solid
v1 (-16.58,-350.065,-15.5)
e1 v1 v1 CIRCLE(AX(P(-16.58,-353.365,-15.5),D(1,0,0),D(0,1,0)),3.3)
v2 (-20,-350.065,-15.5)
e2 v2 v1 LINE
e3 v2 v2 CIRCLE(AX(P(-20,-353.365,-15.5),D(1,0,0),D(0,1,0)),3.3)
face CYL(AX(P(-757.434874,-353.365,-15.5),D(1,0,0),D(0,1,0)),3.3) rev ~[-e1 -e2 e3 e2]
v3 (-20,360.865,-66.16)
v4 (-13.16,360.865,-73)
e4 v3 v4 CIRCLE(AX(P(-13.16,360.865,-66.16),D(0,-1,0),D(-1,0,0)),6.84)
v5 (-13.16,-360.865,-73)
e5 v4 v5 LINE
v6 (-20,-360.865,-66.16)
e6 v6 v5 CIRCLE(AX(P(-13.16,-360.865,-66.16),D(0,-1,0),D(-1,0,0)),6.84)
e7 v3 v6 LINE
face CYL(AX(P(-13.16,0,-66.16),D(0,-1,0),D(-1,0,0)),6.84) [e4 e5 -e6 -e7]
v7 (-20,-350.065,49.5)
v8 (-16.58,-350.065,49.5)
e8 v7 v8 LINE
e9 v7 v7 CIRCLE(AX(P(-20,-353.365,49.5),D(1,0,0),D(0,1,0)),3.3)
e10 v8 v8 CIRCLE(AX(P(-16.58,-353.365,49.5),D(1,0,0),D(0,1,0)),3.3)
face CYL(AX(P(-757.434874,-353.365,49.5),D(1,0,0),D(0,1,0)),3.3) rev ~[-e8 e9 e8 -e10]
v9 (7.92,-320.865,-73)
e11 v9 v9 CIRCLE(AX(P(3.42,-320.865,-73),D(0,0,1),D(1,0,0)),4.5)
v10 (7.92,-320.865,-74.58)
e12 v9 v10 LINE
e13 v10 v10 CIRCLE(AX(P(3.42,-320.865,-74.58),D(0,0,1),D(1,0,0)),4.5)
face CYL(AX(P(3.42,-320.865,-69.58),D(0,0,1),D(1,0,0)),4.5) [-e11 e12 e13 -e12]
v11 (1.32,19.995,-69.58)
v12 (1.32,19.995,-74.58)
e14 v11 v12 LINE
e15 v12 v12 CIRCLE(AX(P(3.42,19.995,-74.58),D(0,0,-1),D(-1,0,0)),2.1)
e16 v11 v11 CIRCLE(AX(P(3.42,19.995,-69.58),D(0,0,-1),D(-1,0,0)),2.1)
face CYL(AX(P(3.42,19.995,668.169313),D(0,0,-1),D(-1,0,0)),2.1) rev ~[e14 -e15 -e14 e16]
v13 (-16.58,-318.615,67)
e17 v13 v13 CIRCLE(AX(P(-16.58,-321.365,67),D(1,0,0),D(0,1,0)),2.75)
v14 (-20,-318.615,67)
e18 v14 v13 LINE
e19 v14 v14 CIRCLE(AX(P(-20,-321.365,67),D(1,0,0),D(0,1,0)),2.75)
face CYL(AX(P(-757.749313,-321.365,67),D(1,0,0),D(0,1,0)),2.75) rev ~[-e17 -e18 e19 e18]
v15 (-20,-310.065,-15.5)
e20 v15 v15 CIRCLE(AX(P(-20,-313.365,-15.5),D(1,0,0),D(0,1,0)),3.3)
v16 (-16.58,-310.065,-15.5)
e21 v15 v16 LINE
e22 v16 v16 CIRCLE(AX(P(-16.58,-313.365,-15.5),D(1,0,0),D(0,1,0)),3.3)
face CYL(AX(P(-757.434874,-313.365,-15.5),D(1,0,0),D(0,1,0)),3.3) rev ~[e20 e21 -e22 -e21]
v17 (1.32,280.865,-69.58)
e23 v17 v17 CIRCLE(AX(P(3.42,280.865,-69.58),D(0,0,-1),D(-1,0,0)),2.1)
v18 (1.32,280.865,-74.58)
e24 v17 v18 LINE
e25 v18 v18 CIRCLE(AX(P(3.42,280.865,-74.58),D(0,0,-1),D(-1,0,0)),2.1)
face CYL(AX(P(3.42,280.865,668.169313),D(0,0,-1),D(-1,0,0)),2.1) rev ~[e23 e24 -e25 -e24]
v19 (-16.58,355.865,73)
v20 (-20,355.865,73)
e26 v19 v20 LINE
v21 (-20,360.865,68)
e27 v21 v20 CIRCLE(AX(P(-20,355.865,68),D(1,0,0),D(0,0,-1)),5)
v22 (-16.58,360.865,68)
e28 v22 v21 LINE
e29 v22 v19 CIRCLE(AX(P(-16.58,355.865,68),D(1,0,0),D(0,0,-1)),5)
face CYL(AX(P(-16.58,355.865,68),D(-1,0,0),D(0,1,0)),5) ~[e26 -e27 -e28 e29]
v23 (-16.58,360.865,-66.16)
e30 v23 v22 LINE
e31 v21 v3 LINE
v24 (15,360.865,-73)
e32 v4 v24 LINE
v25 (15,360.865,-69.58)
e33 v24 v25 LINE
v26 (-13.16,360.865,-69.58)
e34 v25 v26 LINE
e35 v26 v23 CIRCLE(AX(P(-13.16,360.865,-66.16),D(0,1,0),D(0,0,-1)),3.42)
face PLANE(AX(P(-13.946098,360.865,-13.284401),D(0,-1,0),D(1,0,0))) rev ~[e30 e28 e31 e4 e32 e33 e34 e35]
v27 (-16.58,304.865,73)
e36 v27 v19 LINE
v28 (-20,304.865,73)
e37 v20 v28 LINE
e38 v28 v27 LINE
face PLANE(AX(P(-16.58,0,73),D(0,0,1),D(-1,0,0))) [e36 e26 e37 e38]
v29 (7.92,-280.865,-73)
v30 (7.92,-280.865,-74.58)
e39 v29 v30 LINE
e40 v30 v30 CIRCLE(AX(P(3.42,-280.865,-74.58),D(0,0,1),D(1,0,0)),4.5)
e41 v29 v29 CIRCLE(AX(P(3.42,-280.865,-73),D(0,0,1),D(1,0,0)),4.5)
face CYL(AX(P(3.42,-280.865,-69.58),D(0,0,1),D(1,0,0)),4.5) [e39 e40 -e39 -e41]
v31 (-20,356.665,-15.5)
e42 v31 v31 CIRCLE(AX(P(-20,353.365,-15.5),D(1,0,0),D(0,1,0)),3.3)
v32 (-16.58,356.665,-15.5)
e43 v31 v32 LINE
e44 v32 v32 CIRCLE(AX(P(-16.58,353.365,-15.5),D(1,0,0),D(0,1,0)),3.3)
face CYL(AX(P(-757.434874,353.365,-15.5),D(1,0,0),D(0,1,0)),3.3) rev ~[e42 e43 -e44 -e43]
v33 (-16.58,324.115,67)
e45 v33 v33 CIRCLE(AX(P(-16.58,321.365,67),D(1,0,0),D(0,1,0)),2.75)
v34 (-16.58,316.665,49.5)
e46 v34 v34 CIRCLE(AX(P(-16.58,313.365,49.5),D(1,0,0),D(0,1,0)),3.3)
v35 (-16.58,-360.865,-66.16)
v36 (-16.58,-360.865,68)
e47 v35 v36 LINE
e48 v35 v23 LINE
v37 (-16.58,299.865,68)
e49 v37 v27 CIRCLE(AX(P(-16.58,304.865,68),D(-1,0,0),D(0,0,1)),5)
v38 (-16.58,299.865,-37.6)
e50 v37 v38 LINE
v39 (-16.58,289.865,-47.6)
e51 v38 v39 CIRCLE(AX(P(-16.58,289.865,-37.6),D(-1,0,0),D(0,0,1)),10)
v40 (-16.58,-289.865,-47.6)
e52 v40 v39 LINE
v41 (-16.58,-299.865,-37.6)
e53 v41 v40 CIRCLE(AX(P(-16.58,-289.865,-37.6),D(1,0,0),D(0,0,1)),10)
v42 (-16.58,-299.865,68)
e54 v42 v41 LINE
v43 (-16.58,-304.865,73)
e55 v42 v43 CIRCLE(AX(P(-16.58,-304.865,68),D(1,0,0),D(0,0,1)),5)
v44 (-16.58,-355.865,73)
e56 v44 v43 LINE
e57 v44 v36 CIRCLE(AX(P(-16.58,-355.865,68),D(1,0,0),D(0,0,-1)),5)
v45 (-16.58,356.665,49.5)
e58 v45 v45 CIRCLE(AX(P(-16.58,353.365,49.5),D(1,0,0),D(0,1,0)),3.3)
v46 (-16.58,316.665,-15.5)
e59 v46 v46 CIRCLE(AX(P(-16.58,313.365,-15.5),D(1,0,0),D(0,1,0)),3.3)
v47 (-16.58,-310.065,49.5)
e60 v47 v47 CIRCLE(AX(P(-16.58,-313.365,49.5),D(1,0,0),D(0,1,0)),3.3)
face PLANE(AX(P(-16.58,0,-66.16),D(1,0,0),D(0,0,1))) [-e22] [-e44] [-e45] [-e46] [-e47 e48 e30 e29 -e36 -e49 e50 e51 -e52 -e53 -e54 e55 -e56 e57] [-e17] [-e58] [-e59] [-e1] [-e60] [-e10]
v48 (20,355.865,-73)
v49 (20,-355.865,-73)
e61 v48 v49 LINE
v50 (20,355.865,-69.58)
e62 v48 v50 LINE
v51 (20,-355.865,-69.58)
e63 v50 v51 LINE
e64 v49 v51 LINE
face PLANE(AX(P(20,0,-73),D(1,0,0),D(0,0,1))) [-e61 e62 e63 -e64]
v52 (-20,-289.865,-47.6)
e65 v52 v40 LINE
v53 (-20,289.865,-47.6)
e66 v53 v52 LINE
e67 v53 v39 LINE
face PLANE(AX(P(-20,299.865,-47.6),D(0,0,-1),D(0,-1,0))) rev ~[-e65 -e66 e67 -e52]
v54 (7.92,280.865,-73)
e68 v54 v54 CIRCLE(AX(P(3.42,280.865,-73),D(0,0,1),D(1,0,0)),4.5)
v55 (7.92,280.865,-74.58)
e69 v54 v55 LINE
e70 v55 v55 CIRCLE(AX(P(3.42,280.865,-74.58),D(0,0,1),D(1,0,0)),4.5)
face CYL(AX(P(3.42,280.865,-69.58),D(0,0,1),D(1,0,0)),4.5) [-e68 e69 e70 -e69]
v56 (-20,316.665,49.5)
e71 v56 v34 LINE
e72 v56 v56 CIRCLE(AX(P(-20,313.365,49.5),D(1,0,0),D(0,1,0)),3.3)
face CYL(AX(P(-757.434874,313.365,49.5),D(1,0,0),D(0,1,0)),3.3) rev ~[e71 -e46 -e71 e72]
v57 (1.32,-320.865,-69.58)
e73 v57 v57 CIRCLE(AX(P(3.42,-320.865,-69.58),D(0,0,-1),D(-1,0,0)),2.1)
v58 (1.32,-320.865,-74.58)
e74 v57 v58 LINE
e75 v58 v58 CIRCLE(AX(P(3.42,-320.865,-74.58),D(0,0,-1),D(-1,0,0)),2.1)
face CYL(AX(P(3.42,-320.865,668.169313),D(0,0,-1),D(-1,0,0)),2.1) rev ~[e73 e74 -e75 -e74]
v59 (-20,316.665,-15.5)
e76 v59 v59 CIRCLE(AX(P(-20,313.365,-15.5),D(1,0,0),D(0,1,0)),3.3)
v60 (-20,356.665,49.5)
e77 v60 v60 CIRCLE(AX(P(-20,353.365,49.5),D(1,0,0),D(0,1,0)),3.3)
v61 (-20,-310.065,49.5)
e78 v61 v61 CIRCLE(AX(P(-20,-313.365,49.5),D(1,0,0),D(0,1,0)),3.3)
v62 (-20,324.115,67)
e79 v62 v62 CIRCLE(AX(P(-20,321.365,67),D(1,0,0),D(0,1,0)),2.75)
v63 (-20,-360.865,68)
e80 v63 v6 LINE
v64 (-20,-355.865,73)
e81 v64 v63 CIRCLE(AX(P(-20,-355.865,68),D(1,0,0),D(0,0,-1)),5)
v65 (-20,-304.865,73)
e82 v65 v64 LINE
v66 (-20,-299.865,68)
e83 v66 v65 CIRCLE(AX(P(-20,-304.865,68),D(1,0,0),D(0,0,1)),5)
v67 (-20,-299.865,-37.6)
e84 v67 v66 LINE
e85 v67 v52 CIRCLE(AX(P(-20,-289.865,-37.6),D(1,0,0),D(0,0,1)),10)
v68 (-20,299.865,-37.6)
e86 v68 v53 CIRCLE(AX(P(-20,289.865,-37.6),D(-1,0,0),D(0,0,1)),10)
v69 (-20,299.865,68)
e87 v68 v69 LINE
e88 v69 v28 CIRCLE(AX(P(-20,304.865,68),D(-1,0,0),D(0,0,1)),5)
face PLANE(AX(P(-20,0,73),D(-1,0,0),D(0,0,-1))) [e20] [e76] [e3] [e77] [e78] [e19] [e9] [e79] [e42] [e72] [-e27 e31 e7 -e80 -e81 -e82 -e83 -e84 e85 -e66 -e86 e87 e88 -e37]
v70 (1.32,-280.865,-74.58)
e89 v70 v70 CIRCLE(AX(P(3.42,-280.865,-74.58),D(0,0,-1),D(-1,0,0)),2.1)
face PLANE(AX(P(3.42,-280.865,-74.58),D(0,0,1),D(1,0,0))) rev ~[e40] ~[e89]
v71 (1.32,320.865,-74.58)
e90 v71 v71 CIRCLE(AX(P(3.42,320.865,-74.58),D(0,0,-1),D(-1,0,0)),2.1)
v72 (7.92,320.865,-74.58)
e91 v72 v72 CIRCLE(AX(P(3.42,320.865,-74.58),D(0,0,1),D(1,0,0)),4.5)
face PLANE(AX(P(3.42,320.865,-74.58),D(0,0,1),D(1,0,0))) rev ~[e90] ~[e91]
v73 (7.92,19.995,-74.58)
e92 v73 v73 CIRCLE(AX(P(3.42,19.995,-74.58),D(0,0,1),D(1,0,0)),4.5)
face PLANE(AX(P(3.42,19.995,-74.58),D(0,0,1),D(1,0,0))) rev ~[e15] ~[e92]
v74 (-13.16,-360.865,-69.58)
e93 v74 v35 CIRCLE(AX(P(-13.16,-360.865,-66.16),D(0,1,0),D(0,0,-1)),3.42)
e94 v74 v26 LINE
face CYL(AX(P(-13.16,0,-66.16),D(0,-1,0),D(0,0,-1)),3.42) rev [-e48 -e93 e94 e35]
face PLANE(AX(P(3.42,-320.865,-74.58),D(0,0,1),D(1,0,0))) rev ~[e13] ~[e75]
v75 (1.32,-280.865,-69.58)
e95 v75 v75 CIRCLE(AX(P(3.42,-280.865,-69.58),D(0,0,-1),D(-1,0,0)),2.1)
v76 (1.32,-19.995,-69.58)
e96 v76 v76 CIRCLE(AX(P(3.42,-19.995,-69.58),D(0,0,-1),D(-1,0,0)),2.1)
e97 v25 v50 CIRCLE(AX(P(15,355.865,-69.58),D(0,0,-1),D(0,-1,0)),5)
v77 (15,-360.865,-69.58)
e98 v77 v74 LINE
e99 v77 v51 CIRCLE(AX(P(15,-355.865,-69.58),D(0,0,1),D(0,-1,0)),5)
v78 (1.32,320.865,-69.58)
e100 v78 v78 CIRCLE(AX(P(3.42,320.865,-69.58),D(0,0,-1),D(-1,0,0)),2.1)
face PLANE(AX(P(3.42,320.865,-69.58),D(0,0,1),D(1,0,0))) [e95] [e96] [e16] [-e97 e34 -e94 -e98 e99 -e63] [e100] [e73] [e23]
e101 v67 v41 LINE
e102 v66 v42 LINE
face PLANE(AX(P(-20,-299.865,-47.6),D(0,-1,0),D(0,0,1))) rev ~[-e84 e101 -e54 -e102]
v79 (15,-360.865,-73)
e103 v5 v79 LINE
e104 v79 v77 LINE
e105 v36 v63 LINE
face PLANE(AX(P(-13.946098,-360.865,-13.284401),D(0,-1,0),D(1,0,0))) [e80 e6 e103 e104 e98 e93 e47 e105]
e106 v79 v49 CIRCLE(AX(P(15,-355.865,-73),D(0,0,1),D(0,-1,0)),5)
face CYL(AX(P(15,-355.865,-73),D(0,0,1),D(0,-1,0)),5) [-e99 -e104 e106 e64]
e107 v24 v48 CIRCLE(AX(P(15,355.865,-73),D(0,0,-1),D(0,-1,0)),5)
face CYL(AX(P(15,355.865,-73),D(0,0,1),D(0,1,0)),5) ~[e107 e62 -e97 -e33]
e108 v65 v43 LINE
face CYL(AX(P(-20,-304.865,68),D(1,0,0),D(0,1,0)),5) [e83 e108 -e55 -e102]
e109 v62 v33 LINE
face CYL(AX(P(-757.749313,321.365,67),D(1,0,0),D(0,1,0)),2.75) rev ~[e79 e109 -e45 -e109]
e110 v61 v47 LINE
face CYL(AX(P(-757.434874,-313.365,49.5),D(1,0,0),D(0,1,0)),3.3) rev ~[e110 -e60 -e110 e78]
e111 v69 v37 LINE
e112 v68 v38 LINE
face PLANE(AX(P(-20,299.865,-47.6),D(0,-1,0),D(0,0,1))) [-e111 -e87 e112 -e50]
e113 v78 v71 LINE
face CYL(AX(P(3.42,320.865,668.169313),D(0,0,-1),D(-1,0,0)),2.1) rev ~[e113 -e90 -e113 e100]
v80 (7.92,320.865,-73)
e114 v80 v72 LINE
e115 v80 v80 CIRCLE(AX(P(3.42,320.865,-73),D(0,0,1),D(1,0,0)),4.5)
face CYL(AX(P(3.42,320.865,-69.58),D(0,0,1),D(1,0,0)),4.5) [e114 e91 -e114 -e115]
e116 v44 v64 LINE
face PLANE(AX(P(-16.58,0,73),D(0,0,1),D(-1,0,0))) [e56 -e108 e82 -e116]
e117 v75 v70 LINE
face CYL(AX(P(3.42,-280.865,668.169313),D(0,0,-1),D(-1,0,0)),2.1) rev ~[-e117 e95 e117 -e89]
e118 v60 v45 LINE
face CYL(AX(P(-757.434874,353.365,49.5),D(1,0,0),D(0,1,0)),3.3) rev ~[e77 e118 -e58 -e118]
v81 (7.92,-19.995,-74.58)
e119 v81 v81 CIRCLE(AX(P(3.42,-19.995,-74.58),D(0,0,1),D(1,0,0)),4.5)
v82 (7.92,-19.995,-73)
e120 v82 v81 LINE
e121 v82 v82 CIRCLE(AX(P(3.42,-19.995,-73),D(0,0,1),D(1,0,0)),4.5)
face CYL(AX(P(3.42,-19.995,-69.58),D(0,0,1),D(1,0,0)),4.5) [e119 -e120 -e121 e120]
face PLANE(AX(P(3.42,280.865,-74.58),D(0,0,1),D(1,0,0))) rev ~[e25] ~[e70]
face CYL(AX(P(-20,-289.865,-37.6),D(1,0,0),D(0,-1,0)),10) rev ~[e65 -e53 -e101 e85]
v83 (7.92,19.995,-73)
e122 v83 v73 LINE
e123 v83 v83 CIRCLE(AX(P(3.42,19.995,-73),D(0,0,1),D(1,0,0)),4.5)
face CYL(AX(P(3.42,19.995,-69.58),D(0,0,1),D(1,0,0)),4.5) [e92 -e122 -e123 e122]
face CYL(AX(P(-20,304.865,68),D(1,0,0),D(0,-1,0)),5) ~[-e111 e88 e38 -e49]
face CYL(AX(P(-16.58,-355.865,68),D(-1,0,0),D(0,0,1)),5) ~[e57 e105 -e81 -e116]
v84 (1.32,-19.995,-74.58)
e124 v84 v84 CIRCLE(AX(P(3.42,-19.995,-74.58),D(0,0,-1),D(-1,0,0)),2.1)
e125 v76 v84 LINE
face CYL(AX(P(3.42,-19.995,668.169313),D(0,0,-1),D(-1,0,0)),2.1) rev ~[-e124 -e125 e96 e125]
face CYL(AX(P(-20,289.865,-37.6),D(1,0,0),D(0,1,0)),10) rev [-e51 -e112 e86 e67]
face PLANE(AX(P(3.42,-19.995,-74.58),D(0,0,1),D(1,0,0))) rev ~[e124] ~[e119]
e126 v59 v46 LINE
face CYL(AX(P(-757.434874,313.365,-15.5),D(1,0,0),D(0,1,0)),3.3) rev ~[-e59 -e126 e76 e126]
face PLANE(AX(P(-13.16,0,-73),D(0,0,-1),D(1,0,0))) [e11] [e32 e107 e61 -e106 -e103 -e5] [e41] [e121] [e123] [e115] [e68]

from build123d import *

# Parameters (mm, degrees)
F1_DEPTH = 360.865
F2_W     = 599.73
F2_H     = 120.6
F3_DEPTH = 40.001
F4_R     = 10
F5_R     = 5
F7_D     = 6.6
F8_R     = 4.5
F9_DEPTH = 5
F10_D    = 4.2
F12_D    = 5.5


with BuildPart() as f1:
    # F0 (on Front) → F1 (new body, symmetric)
    with BuildSketch(Plane.XZ):
        with BuildLine():
            Line((-16.58, 73), (-20, 73))
            Line((-20, 73), (-20, -66.16))
            ThreePointArc((-20, -66.16), (-17.9966103833, -70.9966103833), (-13.16, -73))
            Line((-13.16, -73), (20, -73))
            Line((20, -73), (20, -69.58))
            Line((20, -69.58), (-13.16, -69.58))
            ThreePointArc((-13.16, -69.58), (-15.5783051917, -68.5783051917), (-16.58, -66.16))
            Line((-16.58, -66.16), (-16.58, 73))
        make_face()
    extrude(amount=F1_DEPTH, both=True)

    # F2 (on face) → F3 (cut, through all)
    with BuildSketch(Plane(origin=(-20, 0, 0), x_dir=(0, -1, 0), z_dir=(-1, 0, 0))):
        with Locations((0, 12.7)):
            Rectangle(F2_W, F2_H)
    extrude(amount=-F3_DEPTH, mode=Mode.SUBTRACT)

    # F4
    f4_edges = [f1.edges().sort_by_distance(p)[0] for p in [
        (-18.29, 299.865, -47.6),
        (-18.29, -299.865, -47.6),
    ]]
    fillet(f4_edges, radius=F4_R)

    # F5
    f5_edges = [f1.edges().sort_by_distance(p)[0] for p in [
        (20, -360.865, -71.29),
        (20, 360.865, -71.29),
        (-18.29, -360.865, 73),
        (-18.29, -299.865, 73),
        (-18.29, 299.865, 73),
        (-18.29, 360.865, 73),
    ]]
    fillet(f5_edges, radius=F5_R)

    # F7 (through all)
    with Locations(Plane(origin=(-20, 0, 0), x_dir=(0, -1, 0), z_dir=(-1, 0, 0))):
        with Locations((-313.365, -15.5), (-353.365, -15.5), (-313.365, 49.5), (-353.365, 49.5), (313.365, 49.5), (353.365, 49.5), (353.365, -15.5), (313.365, -15.5)):
            Hole(F7_D / 2)

    # F8 (on face) → F9 (join)
    with BuildSketch(Plane.XY.offset(-69.58)):
        with Locations((3.42, 320.865)):
            Circle(F8_R)
        with Locations((3.42, 19.995)):
            Circle(F8_R)
        with Locations((3.42, -19.995)):
            Circle(F8_R)
        with Locations((3.42, -320.865)):
            Circle(F8_R)
        with Locations((3.42, -280.865)):
            Circle(F8_R)
        with Locations((3.42, 280.865)):
            Circle(F8_R)
    extrude(amount=-F9_DEPTH)

    # F10 (through all)
    with Locations(Plane.XY.offset(-69.58)):
        with Locations((3.42, -320.865), (3.42, -19.995), (3.42, 19.995), (3.42, 320.865), (3.42, 280.865), (3.42, -280.865)):
            Hole(F10_D / 2)

    # F12 (through all)
    with Locations(Plane(origin=(-20, 0, 0), x_dir=(0, -1, 0), z_dir=(-1, 0, 0))):
        with Locations((-321.365, 67), (321.365, 67)):
            Hole(F12_D / 2)


solid = f1.part
